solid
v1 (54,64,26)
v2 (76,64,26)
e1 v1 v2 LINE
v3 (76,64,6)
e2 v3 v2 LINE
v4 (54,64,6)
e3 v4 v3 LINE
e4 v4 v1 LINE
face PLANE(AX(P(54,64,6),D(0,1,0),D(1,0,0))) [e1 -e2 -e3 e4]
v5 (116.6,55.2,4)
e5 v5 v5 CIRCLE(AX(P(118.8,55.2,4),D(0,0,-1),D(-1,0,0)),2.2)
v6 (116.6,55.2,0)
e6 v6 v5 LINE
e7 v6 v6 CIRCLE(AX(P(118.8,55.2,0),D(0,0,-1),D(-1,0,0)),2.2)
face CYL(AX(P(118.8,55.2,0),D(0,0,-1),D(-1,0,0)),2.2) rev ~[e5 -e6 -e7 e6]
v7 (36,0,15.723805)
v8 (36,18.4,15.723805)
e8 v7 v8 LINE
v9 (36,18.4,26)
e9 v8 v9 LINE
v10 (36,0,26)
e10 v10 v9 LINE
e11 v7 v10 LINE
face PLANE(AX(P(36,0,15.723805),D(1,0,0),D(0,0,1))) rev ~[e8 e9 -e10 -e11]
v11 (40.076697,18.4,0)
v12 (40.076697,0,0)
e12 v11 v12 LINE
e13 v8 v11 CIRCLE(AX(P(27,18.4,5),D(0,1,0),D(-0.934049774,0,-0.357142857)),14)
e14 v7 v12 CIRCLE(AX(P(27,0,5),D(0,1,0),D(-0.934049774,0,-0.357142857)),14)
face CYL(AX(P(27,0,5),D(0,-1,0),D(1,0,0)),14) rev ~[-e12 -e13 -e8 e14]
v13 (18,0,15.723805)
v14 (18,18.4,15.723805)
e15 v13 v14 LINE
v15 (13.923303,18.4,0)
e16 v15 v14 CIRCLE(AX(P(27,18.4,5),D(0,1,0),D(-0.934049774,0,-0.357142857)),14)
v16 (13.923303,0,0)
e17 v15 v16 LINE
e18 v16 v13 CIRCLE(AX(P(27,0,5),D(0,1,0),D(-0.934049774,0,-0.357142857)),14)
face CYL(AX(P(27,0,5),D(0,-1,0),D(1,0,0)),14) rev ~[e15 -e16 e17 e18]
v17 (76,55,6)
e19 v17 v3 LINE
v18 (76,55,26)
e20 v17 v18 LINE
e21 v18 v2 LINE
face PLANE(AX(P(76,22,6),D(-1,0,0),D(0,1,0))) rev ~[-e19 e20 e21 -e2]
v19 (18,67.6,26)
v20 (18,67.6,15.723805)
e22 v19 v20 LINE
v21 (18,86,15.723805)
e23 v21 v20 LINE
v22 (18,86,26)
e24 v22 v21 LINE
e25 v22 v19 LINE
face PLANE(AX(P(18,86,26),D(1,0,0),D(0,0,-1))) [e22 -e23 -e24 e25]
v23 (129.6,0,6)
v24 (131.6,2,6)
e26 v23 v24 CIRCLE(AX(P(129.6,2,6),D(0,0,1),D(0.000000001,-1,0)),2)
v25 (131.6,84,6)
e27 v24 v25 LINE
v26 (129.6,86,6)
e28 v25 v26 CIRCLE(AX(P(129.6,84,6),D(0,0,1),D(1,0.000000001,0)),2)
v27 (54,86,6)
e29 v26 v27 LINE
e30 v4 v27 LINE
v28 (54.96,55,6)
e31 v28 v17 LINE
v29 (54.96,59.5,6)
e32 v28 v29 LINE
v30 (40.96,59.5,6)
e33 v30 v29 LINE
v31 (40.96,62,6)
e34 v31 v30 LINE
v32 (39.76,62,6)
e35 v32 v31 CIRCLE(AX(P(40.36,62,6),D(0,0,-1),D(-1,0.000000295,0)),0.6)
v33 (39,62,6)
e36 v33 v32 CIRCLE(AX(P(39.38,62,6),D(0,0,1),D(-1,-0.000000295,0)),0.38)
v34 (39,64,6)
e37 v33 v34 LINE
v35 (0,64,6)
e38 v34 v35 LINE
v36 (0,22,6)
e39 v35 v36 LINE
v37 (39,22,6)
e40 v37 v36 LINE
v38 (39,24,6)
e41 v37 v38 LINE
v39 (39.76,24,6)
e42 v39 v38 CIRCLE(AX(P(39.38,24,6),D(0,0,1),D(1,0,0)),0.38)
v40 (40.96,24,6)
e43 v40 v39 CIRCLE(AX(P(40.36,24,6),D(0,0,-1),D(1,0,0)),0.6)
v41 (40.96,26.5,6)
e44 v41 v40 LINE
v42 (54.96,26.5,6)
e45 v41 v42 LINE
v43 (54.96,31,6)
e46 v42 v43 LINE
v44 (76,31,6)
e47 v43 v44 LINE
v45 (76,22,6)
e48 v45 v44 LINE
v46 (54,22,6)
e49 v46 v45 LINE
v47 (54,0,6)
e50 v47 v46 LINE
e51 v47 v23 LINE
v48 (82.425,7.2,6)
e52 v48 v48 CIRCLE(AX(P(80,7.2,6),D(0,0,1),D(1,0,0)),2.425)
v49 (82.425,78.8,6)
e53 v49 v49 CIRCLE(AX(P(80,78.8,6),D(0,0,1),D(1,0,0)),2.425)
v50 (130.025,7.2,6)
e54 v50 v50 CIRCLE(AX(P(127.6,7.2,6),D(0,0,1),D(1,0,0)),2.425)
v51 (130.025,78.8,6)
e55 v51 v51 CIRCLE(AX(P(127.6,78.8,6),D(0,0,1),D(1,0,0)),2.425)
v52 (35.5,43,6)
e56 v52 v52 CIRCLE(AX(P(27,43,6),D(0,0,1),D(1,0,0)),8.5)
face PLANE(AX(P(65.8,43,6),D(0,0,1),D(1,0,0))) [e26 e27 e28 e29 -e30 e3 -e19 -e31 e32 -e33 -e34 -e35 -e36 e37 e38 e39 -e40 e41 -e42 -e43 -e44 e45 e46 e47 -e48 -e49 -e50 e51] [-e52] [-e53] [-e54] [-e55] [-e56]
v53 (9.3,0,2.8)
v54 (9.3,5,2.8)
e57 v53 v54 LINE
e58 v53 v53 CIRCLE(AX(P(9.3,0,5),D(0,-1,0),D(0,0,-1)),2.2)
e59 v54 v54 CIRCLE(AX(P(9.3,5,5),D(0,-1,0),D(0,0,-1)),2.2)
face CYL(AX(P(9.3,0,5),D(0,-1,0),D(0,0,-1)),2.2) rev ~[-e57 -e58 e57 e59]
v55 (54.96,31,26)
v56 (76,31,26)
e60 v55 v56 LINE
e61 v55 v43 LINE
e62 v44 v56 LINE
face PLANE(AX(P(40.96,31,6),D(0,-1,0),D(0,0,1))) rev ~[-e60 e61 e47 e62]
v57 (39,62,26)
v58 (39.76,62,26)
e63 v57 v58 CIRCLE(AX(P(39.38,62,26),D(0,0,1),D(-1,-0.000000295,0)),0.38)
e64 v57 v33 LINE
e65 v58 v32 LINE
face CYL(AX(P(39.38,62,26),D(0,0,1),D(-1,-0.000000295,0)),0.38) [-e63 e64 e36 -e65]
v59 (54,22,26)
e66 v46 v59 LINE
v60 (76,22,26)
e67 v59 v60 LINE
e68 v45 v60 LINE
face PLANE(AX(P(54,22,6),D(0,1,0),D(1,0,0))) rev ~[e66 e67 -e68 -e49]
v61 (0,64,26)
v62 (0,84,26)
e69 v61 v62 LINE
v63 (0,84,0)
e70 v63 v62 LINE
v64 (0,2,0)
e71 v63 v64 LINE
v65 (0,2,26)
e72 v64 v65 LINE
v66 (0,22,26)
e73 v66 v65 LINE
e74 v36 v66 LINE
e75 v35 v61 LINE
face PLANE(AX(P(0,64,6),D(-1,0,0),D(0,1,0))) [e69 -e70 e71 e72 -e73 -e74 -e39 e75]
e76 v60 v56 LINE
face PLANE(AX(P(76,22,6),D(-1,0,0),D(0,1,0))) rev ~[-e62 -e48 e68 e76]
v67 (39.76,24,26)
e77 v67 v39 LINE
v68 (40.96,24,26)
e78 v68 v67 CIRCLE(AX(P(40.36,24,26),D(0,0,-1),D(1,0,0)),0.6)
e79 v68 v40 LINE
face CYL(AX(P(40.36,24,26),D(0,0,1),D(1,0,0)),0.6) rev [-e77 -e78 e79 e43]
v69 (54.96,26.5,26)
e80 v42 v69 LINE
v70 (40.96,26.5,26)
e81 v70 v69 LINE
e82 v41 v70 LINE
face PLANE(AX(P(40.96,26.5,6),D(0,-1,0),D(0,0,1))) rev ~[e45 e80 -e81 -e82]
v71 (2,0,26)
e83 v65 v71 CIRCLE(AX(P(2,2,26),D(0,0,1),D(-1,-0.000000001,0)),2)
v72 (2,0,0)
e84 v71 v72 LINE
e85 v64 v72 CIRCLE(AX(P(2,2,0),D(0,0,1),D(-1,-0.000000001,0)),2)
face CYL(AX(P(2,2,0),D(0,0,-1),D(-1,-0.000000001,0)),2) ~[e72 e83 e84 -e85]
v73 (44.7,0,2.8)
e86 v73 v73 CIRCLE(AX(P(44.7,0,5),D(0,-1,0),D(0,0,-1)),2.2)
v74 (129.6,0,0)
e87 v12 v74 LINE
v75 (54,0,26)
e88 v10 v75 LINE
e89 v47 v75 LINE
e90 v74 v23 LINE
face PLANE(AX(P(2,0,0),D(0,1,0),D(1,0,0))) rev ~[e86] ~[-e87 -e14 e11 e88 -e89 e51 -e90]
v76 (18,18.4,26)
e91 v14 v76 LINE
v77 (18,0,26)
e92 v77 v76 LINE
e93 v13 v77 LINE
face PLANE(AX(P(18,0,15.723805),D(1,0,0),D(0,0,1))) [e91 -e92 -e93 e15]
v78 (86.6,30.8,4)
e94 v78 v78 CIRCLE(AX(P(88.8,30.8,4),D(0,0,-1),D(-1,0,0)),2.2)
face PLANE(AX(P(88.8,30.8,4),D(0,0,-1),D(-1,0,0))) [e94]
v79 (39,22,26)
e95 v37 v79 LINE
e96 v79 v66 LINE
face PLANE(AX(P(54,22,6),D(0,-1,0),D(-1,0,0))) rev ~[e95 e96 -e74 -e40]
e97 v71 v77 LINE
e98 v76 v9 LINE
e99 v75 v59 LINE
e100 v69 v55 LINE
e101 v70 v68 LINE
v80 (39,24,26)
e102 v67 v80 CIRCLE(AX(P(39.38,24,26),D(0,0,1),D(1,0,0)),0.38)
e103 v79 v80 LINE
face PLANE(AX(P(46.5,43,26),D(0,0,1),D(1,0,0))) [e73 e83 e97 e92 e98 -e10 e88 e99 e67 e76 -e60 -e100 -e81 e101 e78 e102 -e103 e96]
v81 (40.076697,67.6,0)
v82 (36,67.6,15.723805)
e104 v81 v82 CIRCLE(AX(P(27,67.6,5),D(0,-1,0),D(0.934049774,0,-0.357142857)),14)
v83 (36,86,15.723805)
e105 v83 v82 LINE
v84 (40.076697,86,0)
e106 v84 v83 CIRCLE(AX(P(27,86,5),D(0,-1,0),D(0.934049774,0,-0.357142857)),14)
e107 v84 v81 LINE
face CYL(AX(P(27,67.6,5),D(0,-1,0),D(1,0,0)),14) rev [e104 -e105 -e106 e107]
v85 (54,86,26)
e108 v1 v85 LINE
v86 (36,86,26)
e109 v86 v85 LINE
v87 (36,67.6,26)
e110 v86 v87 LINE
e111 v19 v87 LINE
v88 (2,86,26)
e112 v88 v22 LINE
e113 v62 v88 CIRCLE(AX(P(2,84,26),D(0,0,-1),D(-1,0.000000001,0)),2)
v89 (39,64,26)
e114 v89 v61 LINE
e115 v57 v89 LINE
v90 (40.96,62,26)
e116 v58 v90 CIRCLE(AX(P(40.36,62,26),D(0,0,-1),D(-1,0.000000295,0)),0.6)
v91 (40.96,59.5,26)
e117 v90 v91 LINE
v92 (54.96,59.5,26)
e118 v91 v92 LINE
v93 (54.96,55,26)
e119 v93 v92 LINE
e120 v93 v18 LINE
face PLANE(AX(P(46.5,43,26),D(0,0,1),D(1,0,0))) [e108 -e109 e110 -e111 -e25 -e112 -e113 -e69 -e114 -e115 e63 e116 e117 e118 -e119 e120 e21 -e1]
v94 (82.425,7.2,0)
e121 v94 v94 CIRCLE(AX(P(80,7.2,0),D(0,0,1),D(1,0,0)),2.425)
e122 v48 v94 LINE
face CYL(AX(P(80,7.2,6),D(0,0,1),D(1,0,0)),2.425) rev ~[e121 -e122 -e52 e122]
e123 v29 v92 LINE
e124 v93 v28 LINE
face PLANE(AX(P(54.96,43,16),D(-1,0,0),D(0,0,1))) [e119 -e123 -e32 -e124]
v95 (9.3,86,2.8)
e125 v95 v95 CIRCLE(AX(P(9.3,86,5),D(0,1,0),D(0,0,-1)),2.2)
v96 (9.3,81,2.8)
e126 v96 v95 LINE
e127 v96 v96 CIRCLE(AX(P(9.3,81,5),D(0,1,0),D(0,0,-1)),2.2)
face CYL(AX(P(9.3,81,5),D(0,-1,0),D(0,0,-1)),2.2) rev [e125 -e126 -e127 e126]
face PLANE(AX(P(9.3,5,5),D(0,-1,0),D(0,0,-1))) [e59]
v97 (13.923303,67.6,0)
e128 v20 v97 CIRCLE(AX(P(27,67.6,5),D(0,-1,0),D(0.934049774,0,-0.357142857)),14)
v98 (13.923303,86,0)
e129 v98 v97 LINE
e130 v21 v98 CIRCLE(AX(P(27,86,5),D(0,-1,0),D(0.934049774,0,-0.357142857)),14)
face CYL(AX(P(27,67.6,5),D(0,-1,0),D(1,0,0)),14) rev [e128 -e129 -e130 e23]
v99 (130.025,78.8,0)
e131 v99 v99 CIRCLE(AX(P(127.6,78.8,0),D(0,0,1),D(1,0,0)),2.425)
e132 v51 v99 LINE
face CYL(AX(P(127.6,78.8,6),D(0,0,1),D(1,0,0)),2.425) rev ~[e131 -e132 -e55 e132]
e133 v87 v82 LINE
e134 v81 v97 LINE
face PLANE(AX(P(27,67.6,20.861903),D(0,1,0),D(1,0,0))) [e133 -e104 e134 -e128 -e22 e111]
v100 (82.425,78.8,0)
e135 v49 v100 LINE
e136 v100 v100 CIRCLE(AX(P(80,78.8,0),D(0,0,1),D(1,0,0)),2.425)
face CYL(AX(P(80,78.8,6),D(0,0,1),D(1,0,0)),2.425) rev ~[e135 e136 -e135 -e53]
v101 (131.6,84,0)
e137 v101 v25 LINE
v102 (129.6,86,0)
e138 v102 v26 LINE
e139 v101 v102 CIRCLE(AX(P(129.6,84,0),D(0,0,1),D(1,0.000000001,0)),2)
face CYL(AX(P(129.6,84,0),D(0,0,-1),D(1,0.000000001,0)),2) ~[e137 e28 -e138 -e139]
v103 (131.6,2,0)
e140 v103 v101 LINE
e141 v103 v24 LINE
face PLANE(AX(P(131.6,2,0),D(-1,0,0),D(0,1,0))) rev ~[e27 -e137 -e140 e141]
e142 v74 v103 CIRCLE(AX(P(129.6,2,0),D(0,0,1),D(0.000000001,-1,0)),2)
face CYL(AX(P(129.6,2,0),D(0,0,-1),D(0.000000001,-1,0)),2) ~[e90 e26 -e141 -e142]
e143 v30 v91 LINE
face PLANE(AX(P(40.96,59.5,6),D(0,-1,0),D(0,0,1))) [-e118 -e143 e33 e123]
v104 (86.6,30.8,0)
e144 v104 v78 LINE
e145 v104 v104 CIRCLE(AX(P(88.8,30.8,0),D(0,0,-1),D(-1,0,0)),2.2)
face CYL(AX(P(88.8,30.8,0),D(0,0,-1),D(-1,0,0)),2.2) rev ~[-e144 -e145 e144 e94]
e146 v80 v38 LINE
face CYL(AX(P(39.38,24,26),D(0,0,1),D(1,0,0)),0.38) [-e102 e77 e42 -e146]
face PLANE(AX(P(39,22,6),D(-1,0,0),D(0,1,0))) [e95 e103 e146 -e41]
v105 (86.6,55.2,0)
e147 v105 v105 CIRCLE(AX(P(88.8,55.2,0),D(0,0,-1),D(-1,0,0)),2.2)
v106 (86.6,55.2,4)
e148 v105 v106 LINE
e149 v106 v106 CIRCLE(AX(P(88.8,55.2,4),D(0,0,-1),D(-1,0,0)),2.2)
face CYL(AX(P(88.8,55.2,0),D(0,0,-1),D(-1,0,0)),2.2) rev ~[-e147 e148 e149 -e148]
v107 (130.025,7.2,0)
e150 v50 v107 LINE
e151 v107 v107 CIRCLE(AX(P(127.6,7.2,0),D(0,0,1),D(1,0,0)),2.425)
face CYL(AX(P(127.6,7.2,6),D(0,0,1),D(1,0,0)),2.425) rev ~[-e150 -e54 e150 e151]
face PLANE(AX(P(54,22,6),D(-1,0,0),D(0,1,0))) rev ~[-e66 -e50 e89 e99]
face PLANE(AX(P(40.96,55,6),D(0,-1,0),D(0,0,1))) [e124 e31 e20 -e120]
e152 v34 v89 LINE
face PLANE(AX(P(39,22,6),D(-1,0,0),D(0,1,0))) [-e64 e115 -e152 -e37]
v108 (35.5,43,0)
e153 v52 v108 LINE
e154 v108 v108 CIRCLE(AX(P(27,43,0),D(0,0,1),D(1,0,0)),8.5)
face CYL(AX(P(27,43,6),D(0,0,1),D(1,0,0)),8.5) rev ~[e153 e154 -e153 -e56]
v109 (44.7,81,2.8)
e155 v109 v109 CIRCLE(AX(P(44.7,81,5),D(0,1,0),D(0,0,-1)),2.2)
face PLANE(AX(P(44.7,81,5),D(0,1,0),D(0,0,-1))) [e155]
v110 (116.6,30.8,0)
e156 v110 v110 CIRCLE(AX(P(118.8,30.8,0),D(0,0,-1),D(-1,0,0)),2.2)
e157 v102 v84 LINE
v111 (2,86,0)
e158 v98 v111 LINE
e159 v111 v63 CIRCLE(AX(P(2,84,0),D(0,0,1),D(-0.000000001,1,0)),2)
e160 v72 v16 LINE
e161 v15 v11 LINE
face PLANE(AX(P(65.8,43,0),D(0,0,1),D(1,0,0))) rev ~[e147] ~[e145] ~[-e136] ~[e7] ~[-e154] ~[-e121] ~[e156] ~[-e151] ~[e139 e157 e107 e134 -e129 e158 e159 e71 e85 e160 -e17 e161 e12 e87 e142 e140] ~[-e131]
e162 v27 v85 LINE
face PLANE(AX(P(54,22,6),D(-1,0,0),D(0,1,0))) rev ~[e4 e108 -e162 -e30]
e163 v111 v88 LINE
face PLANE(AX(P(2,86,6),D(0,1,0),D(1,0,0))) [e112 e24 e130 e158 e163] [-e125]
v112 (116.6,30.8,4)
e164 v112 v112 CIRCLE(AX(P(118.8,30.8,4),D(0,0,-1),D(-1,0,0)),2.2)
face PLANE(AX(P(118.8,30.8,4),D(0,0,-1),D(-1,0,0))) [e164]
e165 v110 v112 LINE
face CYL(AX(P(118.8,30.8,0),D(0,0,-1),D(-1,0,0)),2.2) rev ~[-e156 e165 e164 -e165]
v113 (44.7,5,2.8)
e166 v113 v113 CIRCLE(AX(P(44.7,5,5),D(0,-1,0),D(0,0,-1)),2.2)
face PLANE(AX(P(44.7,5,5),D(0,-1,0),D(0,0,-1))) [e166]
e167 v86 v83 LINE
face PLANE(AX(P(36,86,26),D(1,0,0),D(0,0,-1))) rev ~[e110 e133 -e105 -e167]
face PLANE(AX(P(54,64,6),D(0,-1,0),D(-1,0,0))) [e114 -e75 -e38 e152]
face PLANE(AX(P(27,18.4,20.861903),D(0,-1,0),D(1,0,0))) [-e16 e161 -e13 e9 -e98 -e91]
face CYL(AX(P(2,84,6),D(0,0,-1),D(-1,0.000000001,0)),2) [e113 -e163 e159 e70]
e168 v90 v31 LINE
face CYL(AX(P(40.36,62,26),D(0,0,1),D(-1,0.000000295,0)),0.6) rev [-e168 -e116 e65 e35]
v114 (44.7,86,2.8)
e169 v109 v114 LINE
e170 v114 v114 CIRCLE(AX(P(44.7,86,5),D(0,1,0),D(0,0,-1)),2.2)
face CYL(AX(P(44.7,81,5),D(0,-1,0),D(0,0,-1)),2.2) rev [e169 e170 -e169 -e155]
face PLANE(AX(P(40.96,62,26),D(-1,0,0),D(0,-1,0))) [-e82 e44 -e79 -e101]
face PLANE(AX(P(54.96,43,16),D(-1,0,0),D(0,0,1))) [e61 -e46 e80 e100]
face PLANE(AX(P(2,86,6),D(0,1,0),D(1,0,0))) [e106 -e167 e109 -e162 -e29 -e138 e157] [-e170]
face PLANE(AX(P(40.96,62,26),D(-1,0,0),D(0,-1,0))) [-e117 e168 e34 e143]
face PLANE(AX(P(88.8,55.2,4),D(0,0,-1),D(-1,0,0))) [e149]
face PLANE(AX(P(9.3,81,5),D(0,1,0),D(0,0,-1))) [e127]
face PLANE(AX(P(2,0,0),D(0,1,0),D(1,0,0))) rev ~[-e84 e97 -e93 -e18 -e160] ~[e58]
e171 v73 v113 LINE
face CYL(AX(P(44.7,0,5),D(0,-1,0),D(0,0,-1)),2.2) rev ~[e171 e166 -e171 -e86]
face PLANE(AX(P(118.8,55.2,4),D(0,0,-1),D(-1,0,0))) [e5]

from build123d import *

# Parameters (mm, degrees)
P_IDAT_VYSUNUT_M1_DEPTH   = 6
SKICA3_R                  = 8.5
SKICA3_R_2                = 2.425
ODEBRAT_VYSUNUT_M1_DEPTH  = 6
P_IDAT_VYSUNUT_M3_DEPTH   = 20
SKICA6_R                  = 14
ODEBRAT_VYSUNUT_M2_DEPTH  = 18.4
ODEBRAT_START             = -18.4
SKICA10_R                 = 14
ODEBRAT_VYSUNUT_M3_DEPTH  = 18.4
SKICA18_W                 = 15
SKICA18_H                 = 42
P_IDAT_VYSUNUT_M5_DEPTH   = 20
ODEBRAT_VYSUNUT_M9_DEPTH  = 20
SKICA14_R                 = 2.2
ODEBRAT_VYSUNUT_M7_DEPTH  = 5
ODEBRAT_START_2           = -5
SKICA15_R                 = 2.2
ODEBRAT_VYSUNUT_M8_DEPTH  = 5
SKICA23_R                 = 2.2
ODEBRAT_VYSUNUT_M10_DEPTH = 4
SKICA24_W                 = 18
SKICA24_H                 = 10.276194705
ODEBRAT_VYSUNUT_M12_DEPTH = 18.4
SKICA31_W                 = 22
SKICA31_H                 = 42
P_IDAT_VYSUNUT_M6_DEPTH   = 20
SKICA25_W                 = 18
SKICA25_H                 = 10.276194705
ODEBRAT_VYSUNUT_M13_DEPTH = 18.4
SKICA26_W                 = 20
SKICA26_H                 = 24
ODEBRAT_VYSUNUT_M14_DEPTH = 36.4
SKICA27_W                 = 20
SKICA27_H                 = 33
ODEBRAT_VYSUNUT_M15_DEPTH = 14


with BuildPart() as part:
    # Skica2 → Přidat vysunutím1 (new body)
    with BuildSketch(Plane.XY):
        with BuildLine():
            Line((2, 0), (129.6, 0))
            ThreePointArc((129.6, 0), (131.014213562, 0.585786438), (131.6, 2))
            Line((131.6, 2), (131.6, 84))
            ThreePointArc((131.6, 84), (131.014213562, 85.414213562), (129.6, 86))
            Line((129.6, 86), (2, 86))
            ThreePointArc((2, 86), (0.585786438, 85.414213562), (0, 84))
            Line((0, 84), (0, 2))
            ThreePointArc((0, 2), (0.585786438, 0.585786438), (2, 0))
        make_face()
    extrude(amount=P_IDAT_VYSUNUT_M1_DEPTH)

    # Skica3 → Odebrat vysunutím1 (cut)
    with BuildSketch(Plane.XY.offset(6)):
        with Locations((27, 43)):
            Circle(SKICA3_R)
        with Locations((127.6, 78.8)):
            Circle(SKICA3_R_2)
        with Locations((80, 7.2)):
            Circle(SKICA3_R_2)
        with Locations((127.6, 7.2)):
            Circle(SKICA3_R_2)
        with Locations((80, 78.8)):
            Circle(SKICA3_R_2)
    extrude(amount=-ODEBRAT_VYSUNUT_M1_DEPTH, mode=Mode.SUBTRACT)

    # Skica4 → Přidat vysunutím3 (add)
    with BuildSketch(Plane.XY.offset(6)):
        with BuildLine():
            Line((2, 86), (54, 86))
            Line((54, 86), (54, 64))
            Line((54, 64), (0, 64))
            Line((0, 64), (0, 84))
            ThreePointArc((0, 84), (0.585786438, 85.414213562), (2, 86))
        make_face()
        with BuildLine():
            Line((2, 0), (54, 0))
            Line((54, 0), (54, 22))
            Line((54, 22), (0, 22))
            Line((0, 22), (0, 2))
            ThreePointArc((0, 2), (0.585786438, 0.585786438), (2, 0))
        make_face()
    extrude(amount=P_IDAT_VYSUNUT_M3_DEPTH)

    # Skica6 → Odebrat vysunutím2 (cut)
    with BuildSketch(Plane.XZ):
        with Locations((27, 5)):
            Circle(SKICA6_R)
    extrude(amount=-ODEBRAT_VYSUNUT_M2_DEPTH, mode=Mode.SUBTRACT)

    # Skica10 → Odebrat vysunutím3 (cut)
    with BuildSketch(Plane(origin=(0, 86, 0), x_dir=(1, 0, 0), z_dir=(0, 1, 0)).offset(ODEBRAT_START)):
        with Locations((27, -5)):
            Circle(SKICA10_R)
    extrude(amount=ODEBRAT_VYSUNUT_M3_DEPTH, mode=Mode.SUBTRACT)

    # Skica18 → Přidat vysunutím5 (add)
    with BuildSketch(Plane.XY.offset(6)):
        with Locations((46.5, 43)):
            Rectangle(SKICA18_W, SKICA18_H)
    extrude(amount=P_IDAT_VYSUNUT_M5_DEPTH)

    # Skica21 → Odebrat vysunutím9 (cut)
    with BuildSketch(Plane.XY.offset(26)):
        with BuildLine():
            Line((39, 24), (39, 62))
            ThreePointArc((39, 62), (39.38, 61.620000112), (39.76, 62))
            ThreePointArc((39.76, 62), (40.36, 62.599999823), (40.96, 62))
            Line((40.96, 62), (40.96, 24))
            ThreePointArc((40.96, 24), (40.36, 23.4), (39.76, 24))
            ThreePointArc((39.76, 24), (39.38, 24.38), (39, 24))
        make_face()
    extrude(amount=-ODEBRAT_VYSUNUT_M9_DEPTH, mode=Mode.SUBTRACT)

    # Skica14 → Odebrat vysunutím7 (cut)
    with BuildSketch(Plane.XZ):
        with Locations(Location((9.3, 5, 0), (0, 0, 270))):
            Circle(SKICA14_R)
        with Locations(Location((44.7, 5, 0), (0, 0, 270))):
            Circle(SKICA14_R)
    extrude(amount=-ODEBRAT_VYSUNUT_M7_DEPTH, mode=Mode.SUBTRACT)

    # Skica15 → Odebrat vysunutím8 (cut)
    with BuildSketch(Plane(origin=(0, 86, 0), x_dir=(1, 0, 0), z_dir=(0, 1, 0)).offset(ODEBRAT_START_2)):
        with Locations(Location((9.3, -5, 0), (0, 0, 90))):
            Circle(SKICA15_R)
        with Locations(Location((44.7, -5, 0), (0, 0, 90))):
            Circle(SKICA15_R)
    extrude(amount=ODEBRAT_VYSUNUT_M8_DEPTH, mode=Mode.SUBTRACT)

    # Skica23 → Odebrat vysunutím10 (cut)
    with BuildSketch(Plane(origin=(0, 0, 0), x_dir=(-1, 0, 0), z_dir=(0, 0, -1))):
        with Locations((-118.8, 55.2)):
            Circle(SKICA23_R)
        with Locations((-88.8, 55.2)):
            Circle(SKICA23_R)
        with Locations((-88.8, 30.8)):
            Circle(SKICA23_R)
        with Locations((-118.8, 30.8)):
            Circle(SKICA23_R)
    extrude(amount=-ODEBRAT_VYSUNUT_M10_DEPTH, mode=Mode.SUBTRACT)

    # Skica24 → Odebrat vysunutím12 (cut)
    with BuildSketch(Plane(origin=(0, 86, 0), x_dir=(1, 0, 0), z_dir=(0, 1, 0))):
        with Locations((27, -20.861902648)):
            Rectangle(SKICA24_W, SKICA24_H)
    extrude(amount=-ODEBRAT_VYSUNUT_M12_DEPTH, mode=Mode.SUBTRACT)

    # Skica31 → Přidat vysunutím6 (add)
    with BuildSketch(Plane.XY.offset(6)):
        with Locations((65, 43)):
            Rectangle(SKICA31_W, SKICA31_H)
    extrude(amount=P_IDAT_VYSUNUT_M6_DEPTH)

    # Skica25 → Odebrat vysunutím13 (cut)
    with BuildSketch(Plane.XZ):
        with Locations((27, 20.861902648)):
            Rectangle(SKICA25_W, SKICA25_H)
    extrude(amount=-ODEBRAT_VYSUNUT_M13_DEPTH, mode=Mode.SUBTRACT)

    # Skica26 → Odebrat vysunutím14 (cut)
    with BuildSketch(Plane.ZY.offset(-40.96)):
        with Locations((16, 43)):
            Rectangle(SKICA26_W, SKICA26_H)
    extrude(amount=-ODEBRAT_VYSUNUT_M14_DEPTH, mode=Mode.SUBTRACT)

    # Skica27 → Odebrat vysunutím15 (cut)
    with BuildSketch(Plane.ZY.offset(-40.96)):
        with Locations((16, 43)):
            Rectangle(SKICA27_W, SKICA27_H)
    extrude(amount=-ODEBRAT_VYSUNUT_M15_DEPTH, mode=Mode.SUBTRACT)


solid = part.part
